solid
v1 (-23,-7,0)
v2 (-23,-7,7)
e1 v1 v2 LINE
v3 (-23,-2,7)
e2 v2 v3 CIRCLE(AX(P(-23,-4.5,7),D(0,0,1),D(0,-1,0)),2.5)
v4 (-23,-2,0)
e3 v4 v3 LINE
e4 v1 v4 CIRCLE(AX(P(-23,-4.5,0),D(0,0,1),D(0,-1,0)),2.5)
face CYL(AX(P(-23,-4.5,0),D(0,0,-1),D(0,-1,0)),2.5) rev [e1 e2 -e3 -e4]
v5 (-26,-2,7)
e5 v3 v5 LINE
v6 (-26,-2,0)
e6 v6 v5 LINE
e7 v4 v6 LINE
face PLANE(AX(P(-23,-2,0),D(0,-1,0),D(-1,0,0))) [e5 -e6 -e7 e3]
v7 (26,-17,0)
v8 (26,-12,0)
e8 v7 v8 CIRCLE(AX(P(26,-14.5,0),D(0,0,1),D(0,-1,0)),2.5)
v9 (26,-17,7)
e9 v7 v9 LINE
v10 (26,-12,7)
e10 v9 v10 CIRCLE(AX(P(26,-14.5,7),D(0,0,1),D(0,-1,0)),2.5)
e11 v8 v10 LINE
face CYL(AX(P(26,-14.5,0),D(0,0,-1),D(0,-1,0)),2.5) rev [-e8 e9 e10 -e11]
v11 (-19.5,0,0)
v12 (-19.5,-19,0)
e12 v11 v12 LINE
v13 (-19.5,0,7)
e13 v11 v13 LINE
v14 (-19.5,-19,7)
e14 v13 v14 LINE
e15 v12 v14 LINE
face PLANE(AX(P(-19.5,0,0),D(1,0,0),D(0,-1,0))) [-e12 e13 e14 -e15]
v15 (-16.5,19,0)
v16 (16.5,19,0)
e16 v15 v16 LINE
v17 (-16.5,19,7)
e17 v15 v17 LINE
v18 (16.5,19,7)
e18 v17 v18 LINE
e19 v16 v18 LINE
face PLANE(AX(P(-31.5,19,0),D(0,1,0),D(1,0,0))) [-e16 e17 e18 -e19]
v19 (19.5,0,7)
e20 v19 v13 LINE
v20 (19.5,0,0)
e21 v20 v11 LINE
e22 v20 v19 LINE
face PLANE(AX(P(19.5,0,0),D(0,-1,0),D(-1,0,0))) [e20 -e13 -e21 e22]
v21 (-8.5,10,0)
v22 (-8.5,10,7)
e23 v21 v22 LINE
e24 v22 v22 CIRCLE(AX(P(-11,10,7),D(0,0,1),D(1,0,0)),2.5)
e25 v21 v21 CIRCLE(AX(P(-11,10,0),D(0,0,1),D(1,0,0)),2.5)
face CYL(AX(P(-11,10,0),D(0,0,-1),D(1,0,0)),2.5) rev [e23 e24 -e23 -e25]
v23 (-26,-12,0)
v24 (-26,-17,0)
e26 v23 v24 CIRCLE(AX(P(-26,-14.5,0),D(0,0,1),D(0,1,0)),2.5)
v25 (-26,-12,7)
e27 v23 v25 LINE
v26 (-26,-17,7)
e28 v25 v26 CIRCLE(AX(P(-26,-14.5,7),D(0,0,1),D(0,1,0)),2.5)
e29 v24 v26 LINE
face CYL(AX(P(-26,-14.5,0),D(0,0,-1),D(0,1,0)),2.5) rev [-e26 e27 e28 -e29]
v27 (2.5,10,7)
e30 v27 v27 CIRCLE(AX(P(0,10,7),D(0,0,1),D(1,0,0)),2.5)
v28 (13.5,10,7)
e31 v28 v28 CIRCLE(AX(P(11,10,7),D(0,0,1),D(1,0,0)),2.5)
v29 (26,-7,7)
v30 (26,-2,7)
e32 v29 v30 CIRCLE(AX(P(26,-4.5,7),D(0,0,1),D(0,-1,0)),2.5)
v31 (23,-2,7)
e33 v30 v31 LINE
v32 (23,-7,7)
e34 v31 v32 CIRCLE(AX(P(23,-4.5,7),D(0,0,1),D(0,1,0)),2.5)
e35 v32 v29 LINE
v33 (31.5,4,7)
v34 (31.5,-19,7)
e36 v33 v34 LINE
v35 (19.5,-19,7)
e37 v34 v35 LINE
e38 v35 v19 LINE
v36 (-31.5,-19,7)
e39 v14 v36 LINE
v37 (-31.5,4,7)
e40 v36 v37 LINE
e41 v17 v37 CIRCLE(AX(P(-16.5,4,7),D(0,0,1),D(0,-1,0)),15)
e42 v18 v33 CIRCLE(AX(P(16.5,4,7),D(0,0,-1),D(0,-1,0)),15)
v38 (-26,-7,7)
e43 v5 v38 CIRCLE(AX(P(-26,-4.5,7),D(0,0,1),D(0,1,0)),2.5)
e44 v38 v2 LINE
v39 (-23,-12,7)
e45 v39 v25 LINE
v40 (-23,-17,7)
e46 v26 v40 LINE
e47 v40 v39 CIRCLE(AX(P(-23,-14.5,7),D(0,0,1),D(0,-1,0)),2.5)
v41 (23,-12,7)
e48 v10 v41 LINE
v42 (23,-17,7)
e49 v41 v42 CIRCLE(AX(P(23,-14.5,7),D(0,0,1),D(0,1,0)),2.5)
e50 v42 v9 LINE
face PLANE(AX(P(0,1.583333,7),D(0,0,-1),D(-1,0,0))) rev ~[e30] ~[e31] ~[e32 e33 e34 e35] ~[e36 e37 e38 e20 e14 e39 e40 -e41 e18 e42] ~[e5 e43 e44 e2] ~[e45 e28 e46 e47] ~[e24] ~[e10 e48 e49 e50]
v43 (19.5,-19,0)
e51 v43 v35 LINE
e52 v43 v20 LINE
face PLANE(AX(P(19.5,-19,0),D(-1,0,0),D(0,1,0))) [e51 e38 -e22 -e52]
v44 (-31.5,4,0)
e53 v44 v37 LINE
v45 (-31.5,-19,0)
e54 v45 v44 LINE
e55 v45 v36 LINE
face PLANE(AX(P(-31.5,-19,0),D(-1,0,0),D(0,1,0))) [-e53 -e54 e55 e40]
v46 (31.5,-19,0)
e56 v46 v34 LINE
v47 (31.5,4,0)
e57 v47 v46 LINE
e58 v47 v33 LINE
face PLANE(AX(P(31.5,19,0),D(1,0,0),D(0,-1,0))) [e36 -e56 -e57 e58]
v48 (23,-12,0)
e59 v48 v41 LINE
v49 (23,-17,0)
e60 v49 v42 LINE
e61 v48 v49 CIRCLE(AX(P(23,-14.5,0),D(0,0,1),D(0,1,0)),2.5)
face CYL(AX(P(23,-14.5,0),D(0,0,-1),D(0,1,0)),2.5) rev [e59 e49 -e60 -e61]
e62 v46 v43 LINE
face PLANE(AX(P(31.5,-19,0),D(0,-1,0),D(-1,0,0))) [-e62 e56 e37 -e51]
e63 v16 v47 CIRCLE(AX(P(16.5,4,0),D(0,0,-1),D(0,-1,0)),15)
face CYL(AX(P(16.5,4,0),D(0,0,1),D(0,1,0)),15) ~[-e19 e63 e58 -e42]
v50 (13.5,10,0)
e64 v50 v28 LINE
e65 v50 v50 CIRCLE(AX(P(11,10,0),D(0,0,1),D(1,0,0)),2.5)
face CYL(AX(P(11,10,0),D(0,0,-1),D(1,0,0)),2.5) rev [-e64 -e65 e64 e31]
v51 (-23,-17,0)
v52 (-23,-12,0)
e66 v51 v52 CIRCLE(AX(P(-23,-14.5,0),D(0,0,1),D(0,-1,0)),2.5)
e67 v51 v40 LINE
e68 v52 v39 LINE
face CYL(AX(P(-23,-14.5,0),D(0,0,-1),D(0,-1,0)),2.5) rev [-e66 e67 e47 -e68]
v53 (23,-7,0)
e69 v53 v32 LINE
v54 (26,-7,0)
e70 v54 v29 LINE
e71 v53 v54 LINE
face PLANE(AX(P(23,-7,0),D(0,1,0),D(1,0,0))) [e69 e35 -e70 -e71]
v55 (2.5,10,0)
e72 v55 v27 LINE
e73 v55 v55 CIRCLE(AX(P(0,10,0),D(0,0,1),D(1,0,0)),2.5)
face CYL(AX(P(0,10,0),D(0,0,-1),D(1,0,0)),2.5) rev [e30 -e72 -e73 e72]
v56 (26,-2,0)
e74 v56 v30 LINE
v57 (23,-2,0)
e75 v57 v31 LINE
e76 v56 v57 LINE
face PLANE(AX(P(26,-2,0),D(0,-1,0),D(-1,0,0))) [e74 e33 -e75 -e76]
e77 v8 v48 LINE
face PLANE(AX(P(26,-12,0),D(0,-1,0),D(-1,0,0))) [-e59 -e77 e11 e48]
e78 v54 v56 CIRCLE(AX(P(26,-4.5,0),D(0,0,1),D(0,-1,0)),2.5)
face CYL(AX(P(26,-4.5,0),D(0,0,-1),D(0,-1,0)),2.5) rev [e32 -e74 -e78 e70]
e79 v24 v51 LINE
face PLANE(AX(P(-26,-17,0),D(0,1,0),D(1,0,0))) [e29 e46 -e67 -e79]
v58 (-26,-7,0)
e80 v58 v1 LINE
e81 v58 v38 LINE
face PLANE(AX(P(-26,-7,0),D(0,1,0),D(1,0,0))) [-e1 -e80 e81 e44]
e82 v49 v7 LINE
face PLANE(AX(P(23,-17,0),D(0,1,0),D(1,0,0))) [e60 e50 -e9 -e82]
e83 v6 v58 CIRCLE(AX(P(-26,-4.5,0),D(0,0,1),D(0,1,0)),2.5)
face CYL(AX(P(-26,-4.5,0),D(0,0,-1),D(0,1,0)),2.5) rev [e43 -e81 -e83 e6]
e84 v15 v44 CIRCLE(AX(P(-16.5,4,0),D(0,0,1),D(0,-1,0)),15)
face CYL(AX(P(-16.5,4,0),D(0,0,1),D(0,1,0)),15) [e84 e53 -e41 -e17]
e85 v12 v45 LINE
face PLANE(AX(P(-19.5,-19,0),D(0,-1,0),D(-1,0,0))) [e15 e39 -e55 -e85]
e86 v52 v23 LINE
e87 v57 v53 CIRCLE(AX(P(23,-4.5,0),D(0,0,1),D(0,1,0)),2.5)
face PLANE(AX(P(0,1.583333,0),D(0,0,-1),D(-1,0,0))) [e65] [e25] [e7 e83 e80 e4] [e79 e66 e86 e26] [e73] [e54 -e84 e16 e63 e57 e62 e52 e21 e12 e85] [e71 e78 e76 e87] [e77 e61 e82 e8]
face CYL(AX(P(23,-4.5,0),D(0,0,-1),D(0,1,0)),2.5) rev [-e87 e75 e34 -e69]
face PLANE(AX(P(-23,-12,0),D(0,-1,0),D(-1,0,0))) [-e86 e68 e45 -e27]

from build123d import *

# Parameters (mm, degrees)
SKETCH_R    = 2.5
PAD_DEPTH   = 7
FILLET_R    = 15
FILLET001_R = 15


with BuildPart() as part:
    # Sketch → Pad (new body)
    with BuildSketch(Plane.XY):
        Polygon((-31.5, 19), (31.5, 19), (31.5, -19), (19.5, -19), (19.5, 0), (-19.5, 0), (-19.5, -19), (-31.5, -19), align=None)
        with Locations((-11, 10)):
            Circle(SKETCH_R, mode=Mode.SUBTRACT)
        with Locations((0, 10)):
            Circle(SKETCH_R, mode=Mode.SUBTRACT)
        with Locations((11, 10)):
            Circle(SKETCH_R, mode=Mode.SUBTRACT)
        with BuildLine():
            ThreePointArc((-26, -2), (-28.5, -4.5), (-26, -7))
            Line((-26, -7), (-23, -7))
            ThreePointArc((-23, -7), (-20.5, -4.5), (-23, -2))
            Line((-23, -2), (-26, -2))
        make_face(mode=Mode.SUBTRACT)
        with BuildLine():
            ThreePointArc((-26, -12), (-28.5, -14.5), (-26, -17))
            Line((-26, -17), (-23, -17))
            ThreePointArc((-23, -17), (-20.5, -14.5), (-23, -12))
            Line((-23, -12), (-26, -12))
        make_face(mode=Mode.SUBTRACT)
        with BuildLine():
            ThreePointArc((23, -2), (20.5, -4.5), (23, -7))
            Line((23, -7), (26, -7))
            ThreePointArc((26, -7), (28.5, -4.5), (26, -2))
            Line((26, -2), (23, -2))
        make_face(mode=Mode.SUBTRACT)
        with BuildLine():
            ThreePointArc((23, -12), (20.5, -14.5), (23, -17))
            Line((23, -17), (26, -17))
            ThreePointArc((26, -17), (28.5, -14.5), (26, -12))
            Line((26, -12), (23, -12))
        make_face(mode=Mode.SUBTRACT)
    extrude(amount=PAD_DEPTH)

    # Fillet
    fillet_edges = [part.edges().sort_by_distance(p)[0] for p in [
        (-31.5, 19, 3.5),
    ]]
    fillet(fillet_edges, radius=FILLET_R)

    # Fillet001
    fillet001_edges = [part.edges().sort_by_distance(p)[0] for p in [
        (31.5, 19, 3.5),
    ]]
    fillet(fillet001_edges, radius=FILLET001_R)


solid = part.part
